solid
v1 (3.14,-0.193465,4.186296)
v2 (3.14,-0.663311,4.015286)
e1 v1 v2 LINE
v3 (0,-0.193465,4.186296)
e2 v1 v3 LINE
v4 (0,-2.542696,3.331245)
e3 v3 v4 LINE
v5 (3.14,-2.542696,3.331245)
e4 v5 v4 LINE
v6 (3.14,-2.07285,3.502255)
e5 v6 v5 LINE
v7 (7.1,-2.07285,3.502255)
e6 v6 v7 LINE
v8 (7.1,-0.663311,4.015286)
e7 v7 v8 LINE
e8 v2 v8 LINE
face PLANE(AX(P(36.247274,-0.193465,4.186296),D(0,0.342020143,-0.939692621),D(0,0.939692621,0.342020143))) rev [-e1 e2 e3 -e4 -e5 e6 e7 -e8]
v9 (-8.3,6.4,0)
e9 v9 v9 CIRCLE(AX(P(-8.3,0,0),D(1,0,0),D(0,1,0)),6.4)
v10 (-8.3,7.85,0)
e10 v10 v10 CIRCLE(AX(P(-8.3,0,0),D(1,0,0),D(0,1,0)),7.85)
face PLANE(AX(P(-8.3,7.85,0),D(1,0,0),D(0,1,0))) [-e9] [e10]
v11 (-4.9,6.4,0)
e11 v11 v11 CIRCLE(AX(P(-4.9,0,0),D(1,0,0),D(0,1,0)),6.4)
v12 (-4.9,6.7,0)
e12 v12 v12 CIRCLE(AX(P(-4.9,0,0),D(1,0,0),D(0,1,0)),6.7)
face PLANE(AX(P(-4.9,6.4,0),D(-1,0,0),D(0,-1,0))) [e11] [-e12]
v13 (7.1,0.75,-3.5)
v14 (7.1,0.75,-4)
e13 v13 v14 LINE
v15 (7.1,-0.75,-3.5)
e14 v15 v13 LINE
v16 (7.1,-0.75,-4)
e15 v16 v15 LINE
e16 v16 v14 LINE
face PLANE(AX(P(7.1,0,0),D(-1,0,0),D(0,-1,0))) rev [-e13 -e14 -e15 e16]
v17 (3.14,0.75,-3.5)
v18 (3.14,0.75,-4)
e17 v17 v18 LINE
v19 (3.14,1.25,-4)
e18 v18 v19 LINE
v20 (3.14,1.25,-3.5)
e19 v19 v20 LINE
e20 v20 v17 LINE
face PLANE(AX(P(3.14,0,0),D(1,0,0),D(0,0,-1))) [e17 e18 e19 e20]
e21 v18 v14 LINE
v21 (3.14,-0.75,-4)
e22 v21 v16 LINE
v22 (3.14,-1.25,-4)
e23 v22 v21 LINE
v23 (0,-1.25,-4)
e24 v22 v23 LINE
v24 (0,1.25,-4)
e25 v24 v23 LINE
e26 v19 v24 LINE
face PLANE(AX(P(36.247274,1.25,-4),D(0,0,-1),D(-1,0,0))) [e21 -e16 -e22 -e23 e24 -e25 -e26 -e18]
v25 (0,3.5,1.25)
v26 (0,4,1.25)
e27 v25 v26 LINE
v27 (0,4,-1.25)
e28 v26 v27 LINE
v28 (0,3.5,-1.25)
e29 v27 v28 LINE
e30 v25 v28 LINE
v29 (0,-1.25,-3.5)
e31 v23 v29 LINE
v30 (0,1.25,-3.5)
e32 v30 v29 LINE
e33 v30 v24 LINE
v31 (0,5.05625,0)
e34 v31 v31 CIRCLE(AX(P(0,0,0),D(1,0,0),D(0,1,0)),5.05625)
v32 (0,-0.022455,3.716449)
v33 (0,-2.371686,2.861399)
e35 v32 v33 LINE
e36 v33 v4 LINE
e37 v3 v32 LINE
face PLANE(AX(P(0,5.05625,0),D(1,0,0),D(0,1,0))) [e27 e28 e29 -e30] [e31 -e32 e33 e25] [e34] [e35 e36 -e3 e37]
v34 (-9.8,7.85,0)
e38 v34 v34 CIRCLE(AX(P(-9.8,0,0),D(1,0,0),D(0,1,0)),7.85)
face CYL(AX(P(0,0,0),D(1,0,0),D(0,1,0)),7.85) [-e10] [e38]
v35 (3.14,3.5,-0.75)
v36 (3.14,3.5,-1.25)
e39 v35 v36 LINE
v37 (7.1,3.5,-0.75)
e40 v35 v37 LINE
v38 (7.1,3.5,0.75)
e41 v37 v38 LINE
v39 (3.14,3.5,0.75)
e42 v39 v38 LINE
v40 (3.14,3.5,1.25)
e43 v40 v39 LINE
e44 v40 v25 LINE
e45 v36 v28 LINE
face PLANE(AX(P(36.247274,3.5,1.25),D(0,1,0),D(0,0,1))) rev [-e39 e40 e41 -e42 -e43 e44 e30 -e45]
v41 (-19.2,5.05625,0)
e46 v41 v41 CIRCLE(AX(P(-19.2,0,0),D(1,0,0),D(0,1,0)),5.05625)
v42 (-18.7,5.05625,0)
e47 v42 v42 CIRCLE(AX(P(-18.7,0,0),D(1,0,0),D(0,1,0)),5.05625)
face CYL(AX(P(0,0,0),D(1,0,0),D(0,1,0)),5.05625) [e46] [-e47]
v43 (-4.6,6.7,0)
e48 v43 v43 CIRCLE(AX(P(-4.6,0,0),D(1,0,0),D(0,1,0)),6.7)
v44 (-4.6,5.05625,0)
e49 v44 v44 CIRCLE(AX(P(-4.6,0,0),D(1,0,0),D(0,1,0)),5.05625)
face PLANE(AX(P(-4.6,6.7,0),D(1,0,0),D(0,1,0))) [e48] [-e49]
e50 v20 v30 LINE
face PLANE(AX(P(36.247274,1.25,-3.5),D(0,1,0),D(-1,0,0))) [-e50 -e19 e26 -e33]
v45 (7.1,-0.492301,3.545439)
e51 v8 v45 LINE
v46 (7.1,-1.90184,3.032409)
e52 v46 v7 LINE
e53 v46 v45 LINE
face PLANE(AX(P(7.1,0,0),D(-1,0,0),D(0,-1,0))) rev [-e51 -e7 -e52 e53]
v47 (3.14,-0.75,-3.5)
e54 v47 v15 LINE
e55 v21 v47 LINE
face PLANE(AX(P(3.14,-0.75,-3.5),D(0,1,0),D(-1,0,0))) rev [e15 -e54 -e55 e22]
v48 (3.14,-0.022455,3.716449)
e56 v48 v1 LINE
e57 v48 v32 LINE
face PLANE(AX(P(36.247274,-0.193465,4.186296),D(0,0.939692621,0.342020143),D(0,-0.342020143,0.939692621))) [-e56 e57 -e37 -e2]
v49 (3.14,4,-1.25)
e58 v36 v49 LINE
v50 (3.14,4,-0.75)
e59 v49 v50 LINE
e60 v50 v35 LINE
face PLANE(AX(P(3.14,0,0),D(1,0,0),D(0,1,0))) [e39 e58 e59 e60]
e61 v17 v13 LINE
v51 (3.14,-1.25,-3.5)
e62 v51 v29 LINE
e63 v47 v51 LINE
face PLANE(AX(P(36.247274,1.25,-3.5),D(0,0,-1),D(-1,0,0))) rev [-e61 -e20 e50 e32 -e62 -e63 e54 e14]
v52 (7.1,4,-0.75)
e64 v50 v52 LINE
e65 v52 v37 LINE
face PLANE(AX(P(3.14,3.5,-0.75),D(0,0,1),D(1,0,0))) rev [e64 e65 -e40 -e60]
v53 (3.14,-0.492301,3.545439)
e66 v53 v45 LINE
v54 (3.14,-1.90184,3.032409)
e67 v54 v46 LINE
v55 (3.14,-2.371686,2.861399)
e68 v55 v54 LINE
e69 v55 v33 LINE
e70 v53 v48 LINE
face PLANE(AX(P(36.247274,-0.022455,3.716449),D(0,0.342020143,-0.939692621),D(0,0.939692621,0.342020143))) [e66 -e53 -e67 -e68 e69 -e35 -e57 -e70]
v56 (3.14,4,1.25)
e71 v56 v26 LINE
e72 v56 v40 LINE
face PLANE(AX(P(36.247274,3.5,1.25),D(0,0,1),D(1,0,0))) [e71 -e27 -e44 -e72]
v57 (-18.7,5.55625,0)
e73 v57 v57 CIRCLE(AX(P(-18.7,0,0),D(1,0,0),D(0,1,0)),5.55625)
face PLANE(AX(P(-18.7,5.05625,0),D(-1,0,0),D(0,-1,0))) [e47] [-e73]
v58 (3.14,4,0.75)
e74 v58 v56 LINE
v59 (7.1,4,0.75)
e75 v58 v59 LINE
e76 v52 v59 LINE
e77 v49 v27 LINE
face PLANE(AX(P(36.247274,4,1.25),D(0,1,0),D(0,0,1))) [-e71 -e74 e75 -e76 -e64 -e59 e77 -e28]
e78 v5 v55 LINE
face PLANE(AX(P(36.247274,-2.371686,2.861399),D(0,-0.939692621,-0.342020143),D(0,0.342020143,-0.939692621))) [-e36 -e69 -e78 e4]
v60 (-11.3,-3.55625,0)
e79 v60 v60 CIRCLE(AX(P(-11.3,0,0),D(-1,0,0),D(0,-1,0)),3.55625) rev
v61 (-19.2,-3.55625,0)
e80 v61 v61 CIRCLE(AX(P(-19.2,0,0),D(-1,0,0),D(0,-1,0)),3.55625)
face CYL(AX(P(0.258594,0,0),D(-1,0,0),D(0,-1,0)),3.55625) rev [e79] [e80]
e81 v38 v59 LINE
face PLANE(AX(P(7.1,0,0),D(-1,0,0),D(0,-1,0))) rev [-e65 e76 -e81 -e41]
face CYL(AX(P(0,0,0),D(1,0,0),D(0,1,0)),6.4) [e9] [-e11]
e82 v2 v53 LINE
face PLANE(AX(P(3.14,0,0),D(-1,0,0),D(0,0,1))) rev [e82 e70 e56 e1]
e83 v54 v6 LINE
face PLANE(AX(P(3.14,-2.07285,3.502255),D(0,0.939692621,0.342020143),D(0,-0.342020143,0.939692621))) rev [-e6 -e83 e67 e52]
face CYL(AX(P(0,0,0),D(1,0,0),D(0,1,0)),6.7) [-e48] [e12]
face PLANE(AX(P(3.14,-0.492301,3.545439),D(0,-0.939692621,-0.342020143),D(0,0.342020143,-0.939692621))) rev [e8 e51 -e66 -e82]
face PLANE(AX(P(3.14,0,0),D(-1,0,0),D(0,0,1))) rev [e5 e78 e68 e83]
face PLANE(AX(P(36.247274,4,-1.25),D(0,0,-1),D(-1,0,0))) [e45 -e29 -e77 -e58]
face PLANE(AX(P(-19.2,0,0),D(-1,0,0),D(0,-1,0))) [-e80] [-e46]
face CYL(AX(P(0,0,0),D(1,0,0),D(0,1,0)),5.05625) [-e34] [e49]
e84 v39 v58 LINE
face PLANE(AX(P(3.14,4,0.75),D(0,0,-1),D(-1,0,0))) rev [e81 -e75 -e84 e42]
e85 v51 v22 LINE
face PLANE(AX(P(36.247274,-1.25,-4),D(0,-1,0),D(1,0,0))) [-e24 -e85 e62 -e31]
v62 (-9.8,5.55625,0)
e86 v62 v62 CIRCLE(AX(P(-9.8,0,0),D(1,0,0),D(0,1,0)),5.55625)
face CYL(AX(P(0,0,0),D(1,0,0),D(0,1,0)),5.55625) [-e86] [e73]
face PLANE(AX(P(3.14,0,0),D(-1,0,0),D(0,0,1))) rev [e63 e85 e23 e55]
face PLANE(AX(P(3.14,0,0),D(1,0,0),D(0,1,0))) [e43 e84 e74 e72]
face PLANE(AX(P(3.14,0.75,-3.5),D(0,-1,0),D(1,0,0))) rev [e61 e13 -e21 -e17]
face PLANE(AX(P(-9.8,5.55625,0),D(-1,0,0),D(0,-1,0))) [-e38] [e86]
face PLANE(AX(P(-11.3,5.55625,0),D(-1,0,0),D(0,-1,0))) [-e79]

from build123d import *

# Parameters (mm, degrees)
SKETCH2_R           = 3.55625
CUT_EXTRUDE1_DEPTH  = 7.9
SKETCH3_W           = 2.5
SKETCH3_H           = 0.5
SKETCH3_W_2         = 0.5
SKETCH3_H_2         = 2.5
EXTRUDE_THIN1_DEPTH = 7.1
SKETCH4_W           = 0.5
SKETCH4_H           = 0.5
CUT_EXTRUDE3_DEPTH  = 3.96


with BuildPart() as part:
    # Sketch1 → Revolve1 (revolve)
    with BuildSketch(Plane.XY):
        Polygon((-19.2, 0), (-19.2, 5.05625), (-18.7, 5.05625), (-18.7, 5.55625), (-9.8, 5.55625), (-9.8, 7.85), (-8.3, 7.85), (-8.3, 6.4), (-4.9, 6.4), (-4.9, 6.7), (-4.6, 6.7), (-4.6, 5.05625), (0, 5.05625), (0, 0), align=None)
    revolve(axis=Axis((0, 0, 0), (-1, 0, 0)))

    # Sketch2 → Cut-Extrude1 (cut)
    with BuildSketch(Plane.ZY.offset(19.2)):
        with Locations(Location((0, 0, 0), (0, 0, 270))):
            Circle(SKETCH2_R)
    extrude(amount=-CUT_EXTRUDE1_DEPTH, mode=Mode.SUBTRACT)

    # Sketch3 → Extrude-Thin1 (add)
    with BuildSketch(Plane(origin=(0, 0, 0), x_dir=(0, 0, -1), z_dir=(1, 0, 0))):
        with Locations((0, 3.75)):
            Rectangle(SKETCH3_W, SKETCH3_H)
        with Locations((3.75, 0)):
            Rectangle(SKETCH3_W_2, SKETCH3_H_2)
        Polygon((-4.186295662, -0.193464797), (-3.331245304, -2.542696349), (-2.861398994, -2.371686278), (-3.716449352, -0.022454726), align=None)
    extrude(amount=EXTRUDE_THIN1_DEPTH)

    # Sketch4 → Cut-Extrude3 (cut)
    with BuildSketch(Plane(origin=(7.1, 0, 0), x_dir=(0, 0, -1), z_dir=(1, 0, 0))):
        with Locations((-1, 3.75)):
            Rectangle(SKETCH4_W, SKETCH4_H)
        with Locations((1, 3.75)):
            Rectangle(SKETCH4_W, SKETCH4_H)
        with Locations((3.75, 1)):
            Rectangle(SKETCH4_W, SKETCH4_H)
        with Locations((3.75, -1)):
            Rectangle(SKETCH4_W, SKETCH4_H)
        Polygon((-3.331245304, -2.542696349), (-2.861398994, -2.371686278), (-3.032409065, -1.901839967), (-3.502255376, -2.072850039), align=None)
        Polygon((-3.716449352, -0.022454726), (-4.186295662, -0.193464797), (-4.015285591, -0.663311108), (-3.54543928, -0.492301036), align=None)
    extrude(amount=-CUT_EXTRUDE3_DEPTH, mode=Mode.SUBTRACT)


solid = part.part
